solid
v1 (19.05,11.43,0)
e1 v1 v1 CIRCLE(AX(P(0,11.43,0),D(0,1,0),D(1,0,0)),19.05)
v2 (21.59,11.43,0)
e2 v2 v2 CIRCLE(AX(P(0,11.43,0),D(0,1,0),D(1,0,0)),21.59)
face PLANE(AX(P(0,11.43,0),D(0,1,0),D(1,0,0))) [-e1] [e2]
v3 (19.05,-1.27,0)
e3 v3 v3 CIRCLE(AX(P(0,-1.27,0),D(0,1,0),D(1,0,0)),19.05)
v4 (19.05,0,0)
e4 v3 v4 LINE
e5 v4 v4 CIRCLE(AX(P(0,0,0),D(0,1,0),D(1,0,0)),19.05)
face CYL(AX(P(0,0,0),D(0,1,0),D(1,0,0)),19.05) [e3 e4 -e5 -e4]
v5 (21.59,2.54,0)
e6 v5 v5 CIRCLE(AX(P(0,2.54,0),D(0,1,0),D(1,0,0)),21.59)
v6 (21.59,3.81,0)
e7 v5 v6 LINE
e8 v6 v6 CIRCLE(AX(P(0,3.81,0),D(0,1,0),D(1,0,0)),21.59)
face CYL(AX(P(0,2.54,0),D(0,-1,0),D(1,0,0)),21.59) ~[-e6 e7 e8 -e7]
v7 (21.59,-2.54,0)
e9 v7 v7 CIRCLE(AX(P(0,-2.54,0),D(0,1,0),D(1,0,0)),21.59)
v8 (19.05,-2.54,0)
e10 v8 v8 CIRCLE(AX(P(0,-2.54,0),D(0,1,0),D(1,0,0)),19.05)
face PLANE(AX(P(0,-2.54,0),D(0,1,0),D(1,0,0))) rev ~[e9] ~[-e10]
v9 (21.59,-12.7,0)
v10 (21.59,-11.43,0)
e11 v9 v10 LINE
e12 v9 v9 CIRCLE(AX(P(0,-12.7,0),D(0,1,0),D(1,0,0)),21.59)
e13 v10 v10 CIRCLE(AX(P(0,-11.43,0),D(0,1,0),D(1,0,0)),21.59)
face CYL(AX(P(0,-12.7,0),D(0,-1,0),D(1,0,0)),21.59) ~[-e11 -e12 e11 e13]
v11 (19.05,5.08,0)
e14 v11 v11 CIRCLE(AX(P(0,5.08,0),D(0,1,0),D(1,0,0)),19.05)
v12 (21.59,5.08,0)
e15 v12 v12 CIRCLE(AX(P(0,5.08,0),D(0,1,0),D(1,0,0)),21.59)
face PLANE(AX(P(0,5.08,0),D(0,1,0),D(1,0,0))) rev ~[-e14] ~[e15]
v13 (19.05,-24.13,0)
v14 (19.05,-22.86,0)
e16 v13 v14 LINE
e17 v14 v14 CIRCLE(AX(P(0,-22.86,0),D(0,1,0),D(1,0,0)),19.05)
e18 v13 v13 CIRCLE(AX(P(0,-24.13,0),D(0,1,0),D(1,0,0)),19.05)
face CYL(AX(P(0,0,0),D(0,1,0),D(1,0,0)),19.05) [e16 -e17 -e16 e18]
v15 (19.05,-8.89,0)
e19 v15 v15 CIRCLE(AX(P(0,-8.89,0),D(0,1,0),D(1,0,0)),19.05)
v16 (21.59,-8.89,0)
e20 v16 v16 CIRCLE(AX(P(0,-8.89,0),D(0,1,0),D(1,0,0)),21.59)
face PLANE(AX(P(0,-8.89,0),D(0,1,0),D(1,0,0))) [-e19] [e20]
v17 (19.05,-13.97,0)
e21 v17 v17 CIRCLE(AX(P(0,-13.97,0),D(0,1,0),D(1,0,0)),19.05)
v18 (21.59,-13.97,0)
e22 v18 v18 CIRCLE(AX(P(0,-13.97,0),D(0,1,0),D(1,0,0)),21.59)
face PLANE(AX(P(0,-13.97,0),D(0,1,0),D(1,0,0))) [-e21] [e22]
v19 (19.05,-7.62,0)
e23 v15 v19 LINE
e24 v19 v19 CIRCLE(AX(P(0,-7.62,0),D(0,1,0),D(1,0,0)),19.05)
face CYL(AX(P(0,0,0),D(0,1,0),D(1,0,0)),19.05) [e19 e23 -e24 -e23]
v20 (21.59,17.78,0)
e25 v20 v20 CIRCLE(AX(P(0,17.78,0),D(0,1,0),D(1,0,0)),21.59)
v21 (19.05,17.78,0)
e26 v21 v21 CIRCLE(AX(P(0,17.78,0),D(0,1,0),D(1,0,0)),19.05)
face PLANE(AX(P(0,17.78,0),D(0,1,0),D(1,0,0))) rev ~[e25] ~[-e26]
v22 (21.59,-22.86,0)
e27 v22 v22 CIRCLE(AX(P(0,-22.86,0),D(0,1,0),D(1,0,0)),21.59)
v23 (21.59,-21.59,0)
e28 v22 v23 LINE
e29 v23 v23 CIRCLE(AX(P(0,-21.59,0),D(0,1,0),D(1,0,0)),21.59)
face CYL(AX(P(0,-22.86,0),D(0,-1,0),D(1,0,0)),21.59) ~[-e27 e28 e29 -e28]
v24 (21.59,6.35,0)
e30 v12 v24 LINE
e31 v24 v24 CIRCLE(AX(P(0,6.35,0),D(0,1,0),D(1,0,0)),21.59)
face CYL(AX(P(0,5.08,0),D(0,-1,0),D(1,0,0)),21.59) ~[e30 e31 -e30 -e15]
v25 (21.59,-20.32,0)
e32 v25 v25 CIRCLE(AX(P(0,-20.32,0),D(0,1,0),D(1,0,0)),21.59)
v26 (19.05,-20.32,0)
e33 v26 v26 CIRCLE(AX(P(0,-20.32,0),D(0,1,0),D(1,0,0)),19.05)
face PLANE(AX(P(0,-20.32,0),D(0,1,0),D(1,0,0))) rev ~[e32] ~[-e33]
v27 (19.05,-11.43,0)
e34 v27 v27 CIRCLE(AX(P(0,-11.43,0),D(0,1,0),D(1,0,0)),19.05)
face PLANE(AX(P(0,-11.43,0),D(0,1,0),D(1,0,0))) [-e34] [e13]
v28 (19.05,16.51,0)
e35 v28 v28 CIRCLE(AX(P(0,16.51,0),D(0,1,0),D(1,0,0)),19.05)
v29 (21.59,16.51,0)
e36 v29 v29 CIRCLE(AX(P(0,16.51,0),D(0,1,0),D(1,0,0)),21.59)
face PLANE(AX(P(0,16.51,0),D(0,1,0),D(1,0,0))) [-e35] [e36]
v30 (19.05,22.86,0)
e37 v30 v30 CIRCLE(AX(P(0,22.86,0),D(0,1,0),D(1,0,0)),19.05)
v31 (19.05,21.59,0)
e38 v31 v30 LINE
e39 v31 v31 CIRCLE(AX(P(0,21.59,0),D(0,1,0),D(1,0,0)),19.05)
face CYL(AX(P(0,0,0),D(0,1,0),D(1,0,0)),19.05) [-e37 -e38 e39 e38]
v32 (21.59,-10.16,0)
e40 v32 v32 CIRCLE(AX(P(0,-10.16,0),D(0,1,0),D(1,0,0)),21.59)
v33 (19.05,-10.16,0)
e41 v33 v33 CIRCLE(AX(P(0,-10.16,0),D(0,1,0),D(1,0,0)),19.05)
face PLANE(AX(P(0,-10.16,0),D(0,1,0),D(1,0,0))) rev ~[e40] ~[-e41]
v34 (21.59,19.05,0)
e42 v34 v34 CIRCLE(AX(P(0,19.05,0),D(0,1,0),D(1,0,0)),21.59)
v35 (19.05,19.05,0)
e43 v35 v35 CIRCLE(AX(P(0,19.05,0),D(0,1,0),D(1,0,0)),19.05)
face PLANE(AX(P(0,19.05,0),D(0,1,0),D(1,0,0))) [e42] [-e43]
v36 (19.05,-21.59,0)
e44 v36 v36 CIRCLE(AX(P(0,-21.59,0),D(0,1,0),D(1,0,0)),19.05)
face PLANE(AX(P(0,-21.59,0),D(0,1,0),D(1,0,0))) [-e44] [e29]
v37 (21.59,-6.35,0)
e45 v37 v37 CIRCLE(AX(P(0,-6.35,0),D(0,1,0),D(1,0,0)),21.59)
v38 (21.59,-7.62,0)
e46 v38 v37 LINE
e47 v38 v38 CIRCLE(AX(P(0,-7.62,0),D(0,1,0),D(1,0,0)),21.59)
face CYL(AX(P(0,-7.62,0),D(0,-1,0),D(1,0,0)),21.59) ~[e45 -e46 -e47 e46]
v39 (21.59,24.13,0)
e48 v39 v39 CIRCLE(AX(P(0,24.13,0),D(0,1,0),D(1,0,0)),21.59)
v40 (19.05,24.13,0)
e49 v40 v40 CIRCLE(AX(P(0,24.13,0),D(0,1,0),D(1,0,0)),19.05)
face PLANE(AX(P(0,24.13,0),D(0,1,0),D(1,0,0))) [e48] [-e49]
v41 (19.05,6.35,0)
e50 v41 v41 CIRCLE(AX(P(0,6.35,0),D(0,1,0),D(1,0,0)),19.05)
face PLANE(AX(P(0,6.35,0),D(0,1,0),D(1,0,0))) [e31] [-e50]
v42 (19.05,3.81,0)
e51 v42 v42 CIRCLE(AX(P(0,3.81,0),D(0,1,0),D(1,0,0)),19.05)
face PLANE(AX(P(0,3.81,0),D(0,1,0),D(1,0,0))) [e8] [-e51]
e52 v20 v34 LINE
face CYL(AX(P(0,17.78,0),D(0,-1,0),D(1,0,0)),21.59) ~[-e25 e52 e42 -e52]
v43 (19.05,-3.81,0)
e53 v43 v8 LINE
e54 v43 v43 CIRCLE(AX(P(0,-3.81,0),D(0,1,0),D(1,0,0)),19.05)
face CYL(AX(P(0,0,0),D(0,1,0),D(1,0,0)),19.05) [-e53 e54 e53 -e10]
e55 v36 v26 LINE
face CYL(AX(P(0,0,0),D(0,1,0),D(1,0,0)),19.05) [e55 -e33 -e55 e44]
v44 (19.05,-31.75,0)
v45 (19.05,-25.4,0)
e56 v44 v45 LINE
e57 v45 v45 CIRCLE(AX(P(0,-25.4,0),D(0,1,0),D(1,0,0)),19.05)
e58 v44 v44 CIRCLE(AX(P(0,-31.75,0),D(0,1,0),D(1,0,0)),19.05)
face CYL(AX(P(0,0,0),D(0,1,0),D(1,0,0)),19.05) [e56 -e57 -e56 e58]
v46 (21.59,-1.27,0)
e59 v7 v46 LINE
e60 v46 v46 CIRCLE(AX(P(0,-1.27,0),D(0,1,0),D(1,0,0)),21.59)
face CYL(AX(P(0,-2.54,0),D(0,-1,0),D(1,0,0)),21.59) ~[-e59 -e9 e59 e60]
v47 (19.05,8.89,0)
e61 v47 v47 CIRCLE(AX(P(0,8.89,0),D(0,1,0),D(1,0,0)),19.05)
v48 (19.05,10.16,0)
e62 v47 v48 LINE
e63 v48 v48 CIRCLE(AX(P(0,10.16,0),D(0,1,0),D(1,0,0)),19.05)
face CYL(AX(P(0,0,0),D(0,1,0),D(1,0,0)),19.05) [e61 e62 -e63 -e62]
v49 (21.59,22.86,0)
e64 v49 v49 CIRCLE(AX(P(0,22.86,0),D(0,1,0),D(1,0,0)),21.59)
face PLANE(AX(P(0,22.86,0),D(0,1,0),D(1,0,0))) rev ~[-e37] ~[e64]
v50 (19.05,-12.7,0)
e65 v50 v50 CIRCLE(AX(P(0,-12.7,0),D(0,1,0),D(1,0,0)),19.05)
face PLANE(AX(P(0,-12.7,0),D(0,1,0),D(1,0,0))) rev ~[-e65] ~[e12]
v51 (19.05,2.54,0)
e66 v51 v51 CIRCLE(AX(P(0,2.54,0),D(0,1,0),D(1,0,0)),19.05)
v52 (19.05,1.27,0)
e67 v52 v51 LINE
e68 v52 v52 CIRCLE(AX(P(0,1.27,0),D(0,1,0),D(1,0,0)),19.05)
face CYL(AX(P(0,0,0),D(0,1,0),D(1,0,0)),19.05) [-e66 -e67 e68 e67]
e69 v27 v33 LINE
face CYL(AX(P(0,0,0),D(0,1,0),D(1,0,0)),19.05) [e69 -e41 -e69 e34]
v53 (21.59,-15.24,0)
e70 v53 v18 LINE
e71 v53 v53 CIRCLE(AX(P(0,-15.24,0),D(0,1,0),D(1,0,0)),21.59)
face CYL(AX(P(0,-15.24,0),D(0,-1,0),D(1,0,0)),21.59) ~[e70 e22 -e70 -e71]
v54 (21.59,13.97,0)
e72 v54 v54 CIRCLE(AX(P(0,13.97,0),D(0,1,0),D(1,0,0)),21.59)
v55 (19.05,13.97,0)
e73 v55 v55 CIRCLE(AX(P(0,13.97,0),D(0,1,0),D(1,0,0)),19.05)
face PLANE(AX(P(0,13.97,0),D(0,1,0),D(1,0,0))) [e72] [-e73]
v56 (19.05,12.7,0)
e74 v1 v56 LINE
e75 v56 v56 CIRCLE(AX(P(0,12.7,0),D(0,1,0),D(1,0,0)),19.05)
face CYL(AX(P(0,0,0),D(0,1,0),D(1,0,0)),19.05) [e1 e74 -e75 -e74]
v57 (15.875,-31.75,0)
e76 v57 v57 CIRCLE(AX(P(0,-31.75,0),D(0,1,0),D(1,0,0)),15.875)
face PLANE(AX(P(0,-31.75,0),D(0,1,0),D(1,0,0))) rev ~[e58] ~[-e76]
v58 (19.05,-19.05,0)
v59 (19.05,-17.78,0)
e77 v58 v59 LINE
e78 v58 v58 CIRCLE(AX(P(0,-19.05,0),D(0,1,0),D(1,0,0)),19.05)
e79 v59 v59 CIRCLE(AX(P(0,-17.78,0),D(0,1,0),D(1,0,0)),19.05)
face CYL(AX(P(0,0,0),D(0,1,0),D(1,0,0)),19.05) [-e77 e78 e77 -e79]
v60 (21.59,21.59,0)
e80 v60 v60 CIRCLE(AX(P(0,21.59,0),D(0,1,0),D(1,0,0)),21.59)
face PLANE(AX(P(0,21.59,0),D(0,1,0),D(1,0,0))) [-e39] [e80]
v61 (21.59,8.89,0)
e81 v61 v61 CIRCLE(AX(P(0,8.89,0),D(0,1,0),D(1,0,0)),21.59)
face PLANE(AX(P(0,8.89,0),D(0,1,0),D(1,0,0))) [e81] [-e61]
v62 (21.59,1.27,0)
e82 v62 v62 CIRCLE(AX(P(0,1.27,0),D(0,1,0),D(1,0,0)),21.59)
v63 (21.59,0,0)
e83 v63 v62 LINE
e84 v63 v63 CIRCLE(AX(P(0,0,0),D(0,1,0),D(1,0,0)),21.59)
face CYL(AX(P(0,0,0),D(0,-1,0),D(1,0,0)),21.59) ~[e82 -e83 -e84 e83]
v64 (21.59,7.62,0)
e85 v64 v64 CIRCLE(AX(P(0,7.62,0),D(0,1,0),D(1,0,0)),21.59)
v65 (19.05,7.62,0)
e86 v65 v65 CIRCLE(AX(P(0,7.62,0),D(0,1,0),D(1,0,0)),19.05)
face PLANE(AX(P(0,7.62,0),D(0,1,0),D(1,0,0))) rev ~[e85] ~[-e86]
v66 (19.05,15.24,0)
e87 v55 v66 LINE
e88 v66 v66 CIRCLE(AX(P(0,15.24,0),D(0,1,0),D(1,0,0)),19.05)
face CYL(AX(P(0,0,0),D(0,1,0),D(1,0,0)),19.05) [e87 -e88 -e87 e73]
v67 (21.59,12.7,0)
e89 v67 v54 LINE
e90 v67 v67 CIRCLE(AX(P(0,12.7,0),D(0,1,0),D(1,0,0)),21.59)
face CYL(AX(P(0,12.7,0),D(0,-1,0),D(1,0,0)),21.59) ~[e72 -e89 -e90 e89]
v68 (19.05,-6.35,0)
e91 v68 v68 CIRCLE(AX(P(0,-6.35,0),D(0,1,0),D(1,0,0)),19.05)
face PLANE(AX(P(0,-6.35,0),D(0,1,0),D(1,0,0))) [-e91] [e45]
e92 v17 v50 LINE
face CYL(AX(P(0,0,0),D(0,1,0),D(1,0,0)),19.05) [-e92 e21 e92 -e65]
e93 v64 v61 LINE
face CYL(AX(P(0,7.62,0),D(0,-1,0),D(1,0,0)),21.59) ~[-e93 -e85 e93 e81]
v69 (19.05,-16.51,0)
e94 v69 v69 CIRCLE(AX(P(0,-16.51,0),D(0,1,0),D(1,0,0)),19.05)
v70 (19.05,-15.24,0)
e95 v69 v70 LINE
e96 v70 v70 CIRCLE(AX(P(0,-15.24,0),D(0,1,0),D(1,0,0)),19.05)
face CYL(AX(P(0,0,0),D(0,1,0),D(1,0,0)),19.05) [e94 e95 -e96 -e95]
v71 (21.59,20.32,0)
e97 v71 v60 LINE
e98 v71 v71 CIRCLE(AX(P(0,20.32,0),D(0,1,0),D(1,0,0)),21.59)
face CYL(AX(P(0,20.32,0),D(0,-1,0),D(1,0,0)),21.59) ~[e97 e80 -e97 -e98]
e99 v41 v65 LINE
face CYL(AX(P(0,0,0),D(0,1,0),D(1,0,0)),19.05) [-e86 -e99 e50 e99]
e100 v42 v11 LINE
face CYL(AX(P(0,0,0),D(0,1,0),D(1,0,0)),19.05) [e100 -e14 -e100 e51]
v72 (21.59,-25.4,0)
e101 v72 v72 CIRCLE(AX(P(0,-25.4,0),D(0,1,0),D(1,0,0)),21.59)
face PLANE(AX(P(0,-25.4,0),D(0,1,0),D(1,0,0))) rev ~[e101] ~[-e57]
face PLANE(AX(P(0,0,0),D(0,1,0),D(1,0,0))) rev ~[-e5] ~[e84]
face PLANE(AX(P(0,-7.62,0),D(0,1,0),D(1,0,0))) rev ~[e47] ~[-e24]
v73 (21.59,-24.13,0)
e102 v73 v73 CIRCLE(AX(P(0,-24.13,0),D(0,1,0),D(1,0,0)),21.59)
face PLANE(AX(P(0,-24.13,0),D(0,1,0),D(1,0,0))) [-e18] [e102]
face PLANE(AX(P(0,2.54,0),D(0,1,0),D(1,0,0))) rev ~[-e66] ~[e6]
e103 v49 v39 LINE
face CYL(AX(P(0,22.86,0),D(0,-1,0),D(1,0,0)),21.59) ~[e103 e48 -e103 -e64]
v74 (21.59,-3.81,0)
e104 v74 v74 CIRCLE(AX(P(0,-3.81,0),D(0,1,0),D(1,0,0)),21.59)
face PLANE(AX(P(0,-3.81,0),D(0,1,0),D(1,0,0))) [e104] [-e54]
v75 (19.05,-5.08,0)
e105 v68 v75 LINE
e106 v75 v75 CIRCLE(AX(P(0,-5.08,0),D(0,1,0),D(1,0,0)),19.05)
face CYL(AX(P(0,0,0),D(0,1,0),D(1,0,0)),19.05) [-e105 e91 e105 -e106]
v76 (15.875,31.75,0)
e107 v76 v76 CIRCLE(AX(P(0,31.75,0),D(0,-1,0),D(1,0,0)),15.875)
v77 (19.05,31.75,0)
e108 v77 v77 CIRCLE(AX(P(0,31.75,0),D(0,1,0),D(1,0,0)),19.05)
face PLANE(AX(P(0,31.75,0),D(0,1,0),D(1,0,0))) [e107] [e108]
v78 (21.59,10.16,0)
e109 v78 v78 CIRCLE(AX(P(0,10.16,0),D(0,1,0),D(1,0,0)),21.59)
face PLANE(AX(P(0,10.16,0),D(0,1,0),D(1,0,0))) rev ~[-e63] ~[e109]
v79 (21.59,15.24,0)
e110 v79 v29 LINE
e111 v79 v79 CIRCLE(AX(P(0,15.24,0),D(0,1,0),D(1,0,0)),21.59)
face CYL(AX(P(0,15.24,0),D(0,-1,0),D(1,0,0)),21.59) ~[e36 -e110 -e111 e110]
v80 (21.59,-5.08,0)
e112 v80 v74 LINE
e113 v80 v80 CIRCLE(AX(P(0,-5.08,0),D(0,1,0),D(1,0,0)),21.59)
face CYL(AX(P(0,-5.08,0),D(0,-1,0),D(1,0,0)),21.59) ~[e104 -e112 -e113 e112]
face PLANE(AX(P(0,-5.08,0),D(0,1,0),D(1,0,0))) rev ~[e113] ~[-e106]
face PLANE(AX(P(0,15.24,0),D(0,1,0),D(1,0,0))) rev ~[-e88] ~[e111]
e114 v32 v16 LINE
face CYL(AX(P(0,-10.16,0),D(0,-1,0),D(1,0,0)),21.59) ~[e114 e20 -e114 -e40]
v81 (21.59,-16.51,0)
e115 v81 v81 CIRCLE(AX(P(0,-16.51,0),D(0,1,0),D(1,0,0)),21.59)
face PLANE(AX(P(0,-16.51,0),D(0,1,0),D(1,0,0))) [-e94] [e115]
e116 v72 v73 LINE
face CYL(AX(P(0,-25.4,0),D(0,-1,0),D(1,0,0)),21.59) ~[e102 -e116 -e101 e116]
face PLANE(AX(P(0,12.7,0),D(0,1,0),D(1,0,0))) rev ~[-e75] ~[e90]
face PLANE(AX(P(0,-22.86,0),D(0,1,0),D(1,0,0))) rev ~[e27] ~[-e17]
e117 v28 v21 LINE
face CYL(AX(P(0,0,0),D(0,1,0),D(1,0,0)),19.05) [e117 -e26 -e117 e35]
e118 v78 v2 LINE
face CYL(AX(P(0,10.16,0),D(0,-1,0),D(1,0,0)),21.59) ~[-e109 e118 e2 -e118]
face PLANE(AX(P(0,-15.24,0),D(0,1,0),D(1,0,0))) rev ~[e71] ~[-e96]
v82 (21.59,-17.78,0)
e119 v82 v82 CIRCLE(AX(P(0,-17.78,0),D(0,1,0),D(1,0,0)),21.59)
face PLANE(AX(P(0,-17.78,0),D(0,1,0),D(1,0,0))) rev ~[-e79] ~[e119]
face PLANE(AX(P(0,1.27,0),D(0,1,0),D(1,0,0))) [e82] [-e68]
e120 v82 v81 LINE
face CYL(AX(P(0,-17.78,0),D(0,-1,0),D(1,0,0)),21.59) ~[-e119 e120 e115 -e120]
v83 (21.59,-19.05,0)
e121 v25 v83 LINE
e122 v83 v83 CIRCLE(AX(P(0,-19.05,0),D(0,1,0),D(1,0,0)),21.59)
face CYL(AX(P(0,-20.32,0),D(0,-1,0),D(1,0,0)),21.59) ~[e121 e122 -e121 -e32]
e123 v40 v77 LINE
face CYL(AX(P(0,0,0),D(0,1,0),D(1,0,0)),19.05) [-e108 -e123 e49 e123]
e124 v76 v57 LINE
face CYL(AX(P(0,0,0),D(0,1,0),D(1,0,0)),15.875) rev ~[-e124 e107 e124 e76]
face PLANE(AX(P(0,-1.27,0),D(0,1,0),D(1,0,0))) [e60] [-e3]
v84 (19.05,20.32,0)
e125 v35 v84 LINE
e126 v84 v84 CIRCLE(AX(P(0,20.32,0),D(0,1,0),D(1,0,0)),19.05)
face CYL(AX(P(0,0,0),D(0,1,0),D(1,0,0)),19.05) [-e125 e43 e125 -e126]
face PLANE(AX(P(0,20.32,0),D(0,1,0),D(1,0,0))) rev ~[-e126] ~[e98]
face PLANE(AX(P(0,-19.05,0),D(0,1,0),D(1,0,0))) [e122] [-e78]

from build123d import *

# Parameters (mm, degrees)
SKETCH1_R               = 19.05
EXTRUDE1_DEPTH          = 31.75
EXTRUDE1_DEPTH_BACK     = 31.75
SKETCH2_R               = 15.875
CUT_EXTRUDE1_DEPTH      = 32.75
CUT_EXTRUDE1_DEPTH_BACK = 32.75
SKETCH3_R               = 21.59
SKETCH3_R_2             = 19.05
EXTRUDE_THIN1_DEPTH     = 1.27
LPATTERN1_COUNT         = 11
LPATTERN1_PITCH         = 2.54
LPATTERN1_COL_COUNT     = 10
LPATTERN1_COL_PITCH     = 2.54


with BuildPart() as part:
    # Sketch1 → Extrude1 (new body, two sides)
    with BuildSketch(Plane(origin=(0, 0, 0), x_dir=(1, 0, 0), z_dir=(0, 1, 0))) as extrude1_sk:
        Circle(SKETCH1_R)
    extrude(amount=EXTRUDE1_DEPTH)
    extrude(extrude1_sk.sketch, amount=-EXTRUDE1_DEPTH_BACK)

    # Sketch2 → Cut-Extrude1 (cut, two sides)
    with BuildSketch(Plane(origin=(0, 0, 0), x_dir=(1, 0, 0), z_dir=(0, 1, 0))) as cut_extrude1_sk:
        Circle(SKETCH2_R)
    extrude(amount=CUT_EXTRUDE1_DEPTH, mode=Mode.SUBTRACT)
    extrude(cut_extrude1_sk.sketch, amount=-CUT_EXTRUDE1_DEPTH_BACK, mode=Mode.SUBTRACT)

    # Sketch3 → Extrude-Thin1 (add)
    with BuildSketch(Plane(origin=(0, 0, 0), x_dir=(1, 0, 0), z_dir=(0, 1, 0))):
        Circle(SKETCH3_R)
        Circle(SKETCH3_R_2, mode=Mode.SUBTRACT)
    extrude_thin1 = extrude(amount=EXTRUDE_THIN1_DEPTH)

    # LPattern1: Extrude-Thin1 ×11
    with Locations(*[(0, -i * LPATTERN1_PITCH, 0) for i in range(1, LPATTERN1_COUNT)]):
        add(extrude_thin1)

    # LPattern1 col: Extrude-Thin1 ×10
    with Locations(*[(0, i * LPATTERN1_COL_PITCH, 0) for i in range(1, LPATTERN1_COL_COUNT)]):
        add(extrude_thin1)


solid = part.part
